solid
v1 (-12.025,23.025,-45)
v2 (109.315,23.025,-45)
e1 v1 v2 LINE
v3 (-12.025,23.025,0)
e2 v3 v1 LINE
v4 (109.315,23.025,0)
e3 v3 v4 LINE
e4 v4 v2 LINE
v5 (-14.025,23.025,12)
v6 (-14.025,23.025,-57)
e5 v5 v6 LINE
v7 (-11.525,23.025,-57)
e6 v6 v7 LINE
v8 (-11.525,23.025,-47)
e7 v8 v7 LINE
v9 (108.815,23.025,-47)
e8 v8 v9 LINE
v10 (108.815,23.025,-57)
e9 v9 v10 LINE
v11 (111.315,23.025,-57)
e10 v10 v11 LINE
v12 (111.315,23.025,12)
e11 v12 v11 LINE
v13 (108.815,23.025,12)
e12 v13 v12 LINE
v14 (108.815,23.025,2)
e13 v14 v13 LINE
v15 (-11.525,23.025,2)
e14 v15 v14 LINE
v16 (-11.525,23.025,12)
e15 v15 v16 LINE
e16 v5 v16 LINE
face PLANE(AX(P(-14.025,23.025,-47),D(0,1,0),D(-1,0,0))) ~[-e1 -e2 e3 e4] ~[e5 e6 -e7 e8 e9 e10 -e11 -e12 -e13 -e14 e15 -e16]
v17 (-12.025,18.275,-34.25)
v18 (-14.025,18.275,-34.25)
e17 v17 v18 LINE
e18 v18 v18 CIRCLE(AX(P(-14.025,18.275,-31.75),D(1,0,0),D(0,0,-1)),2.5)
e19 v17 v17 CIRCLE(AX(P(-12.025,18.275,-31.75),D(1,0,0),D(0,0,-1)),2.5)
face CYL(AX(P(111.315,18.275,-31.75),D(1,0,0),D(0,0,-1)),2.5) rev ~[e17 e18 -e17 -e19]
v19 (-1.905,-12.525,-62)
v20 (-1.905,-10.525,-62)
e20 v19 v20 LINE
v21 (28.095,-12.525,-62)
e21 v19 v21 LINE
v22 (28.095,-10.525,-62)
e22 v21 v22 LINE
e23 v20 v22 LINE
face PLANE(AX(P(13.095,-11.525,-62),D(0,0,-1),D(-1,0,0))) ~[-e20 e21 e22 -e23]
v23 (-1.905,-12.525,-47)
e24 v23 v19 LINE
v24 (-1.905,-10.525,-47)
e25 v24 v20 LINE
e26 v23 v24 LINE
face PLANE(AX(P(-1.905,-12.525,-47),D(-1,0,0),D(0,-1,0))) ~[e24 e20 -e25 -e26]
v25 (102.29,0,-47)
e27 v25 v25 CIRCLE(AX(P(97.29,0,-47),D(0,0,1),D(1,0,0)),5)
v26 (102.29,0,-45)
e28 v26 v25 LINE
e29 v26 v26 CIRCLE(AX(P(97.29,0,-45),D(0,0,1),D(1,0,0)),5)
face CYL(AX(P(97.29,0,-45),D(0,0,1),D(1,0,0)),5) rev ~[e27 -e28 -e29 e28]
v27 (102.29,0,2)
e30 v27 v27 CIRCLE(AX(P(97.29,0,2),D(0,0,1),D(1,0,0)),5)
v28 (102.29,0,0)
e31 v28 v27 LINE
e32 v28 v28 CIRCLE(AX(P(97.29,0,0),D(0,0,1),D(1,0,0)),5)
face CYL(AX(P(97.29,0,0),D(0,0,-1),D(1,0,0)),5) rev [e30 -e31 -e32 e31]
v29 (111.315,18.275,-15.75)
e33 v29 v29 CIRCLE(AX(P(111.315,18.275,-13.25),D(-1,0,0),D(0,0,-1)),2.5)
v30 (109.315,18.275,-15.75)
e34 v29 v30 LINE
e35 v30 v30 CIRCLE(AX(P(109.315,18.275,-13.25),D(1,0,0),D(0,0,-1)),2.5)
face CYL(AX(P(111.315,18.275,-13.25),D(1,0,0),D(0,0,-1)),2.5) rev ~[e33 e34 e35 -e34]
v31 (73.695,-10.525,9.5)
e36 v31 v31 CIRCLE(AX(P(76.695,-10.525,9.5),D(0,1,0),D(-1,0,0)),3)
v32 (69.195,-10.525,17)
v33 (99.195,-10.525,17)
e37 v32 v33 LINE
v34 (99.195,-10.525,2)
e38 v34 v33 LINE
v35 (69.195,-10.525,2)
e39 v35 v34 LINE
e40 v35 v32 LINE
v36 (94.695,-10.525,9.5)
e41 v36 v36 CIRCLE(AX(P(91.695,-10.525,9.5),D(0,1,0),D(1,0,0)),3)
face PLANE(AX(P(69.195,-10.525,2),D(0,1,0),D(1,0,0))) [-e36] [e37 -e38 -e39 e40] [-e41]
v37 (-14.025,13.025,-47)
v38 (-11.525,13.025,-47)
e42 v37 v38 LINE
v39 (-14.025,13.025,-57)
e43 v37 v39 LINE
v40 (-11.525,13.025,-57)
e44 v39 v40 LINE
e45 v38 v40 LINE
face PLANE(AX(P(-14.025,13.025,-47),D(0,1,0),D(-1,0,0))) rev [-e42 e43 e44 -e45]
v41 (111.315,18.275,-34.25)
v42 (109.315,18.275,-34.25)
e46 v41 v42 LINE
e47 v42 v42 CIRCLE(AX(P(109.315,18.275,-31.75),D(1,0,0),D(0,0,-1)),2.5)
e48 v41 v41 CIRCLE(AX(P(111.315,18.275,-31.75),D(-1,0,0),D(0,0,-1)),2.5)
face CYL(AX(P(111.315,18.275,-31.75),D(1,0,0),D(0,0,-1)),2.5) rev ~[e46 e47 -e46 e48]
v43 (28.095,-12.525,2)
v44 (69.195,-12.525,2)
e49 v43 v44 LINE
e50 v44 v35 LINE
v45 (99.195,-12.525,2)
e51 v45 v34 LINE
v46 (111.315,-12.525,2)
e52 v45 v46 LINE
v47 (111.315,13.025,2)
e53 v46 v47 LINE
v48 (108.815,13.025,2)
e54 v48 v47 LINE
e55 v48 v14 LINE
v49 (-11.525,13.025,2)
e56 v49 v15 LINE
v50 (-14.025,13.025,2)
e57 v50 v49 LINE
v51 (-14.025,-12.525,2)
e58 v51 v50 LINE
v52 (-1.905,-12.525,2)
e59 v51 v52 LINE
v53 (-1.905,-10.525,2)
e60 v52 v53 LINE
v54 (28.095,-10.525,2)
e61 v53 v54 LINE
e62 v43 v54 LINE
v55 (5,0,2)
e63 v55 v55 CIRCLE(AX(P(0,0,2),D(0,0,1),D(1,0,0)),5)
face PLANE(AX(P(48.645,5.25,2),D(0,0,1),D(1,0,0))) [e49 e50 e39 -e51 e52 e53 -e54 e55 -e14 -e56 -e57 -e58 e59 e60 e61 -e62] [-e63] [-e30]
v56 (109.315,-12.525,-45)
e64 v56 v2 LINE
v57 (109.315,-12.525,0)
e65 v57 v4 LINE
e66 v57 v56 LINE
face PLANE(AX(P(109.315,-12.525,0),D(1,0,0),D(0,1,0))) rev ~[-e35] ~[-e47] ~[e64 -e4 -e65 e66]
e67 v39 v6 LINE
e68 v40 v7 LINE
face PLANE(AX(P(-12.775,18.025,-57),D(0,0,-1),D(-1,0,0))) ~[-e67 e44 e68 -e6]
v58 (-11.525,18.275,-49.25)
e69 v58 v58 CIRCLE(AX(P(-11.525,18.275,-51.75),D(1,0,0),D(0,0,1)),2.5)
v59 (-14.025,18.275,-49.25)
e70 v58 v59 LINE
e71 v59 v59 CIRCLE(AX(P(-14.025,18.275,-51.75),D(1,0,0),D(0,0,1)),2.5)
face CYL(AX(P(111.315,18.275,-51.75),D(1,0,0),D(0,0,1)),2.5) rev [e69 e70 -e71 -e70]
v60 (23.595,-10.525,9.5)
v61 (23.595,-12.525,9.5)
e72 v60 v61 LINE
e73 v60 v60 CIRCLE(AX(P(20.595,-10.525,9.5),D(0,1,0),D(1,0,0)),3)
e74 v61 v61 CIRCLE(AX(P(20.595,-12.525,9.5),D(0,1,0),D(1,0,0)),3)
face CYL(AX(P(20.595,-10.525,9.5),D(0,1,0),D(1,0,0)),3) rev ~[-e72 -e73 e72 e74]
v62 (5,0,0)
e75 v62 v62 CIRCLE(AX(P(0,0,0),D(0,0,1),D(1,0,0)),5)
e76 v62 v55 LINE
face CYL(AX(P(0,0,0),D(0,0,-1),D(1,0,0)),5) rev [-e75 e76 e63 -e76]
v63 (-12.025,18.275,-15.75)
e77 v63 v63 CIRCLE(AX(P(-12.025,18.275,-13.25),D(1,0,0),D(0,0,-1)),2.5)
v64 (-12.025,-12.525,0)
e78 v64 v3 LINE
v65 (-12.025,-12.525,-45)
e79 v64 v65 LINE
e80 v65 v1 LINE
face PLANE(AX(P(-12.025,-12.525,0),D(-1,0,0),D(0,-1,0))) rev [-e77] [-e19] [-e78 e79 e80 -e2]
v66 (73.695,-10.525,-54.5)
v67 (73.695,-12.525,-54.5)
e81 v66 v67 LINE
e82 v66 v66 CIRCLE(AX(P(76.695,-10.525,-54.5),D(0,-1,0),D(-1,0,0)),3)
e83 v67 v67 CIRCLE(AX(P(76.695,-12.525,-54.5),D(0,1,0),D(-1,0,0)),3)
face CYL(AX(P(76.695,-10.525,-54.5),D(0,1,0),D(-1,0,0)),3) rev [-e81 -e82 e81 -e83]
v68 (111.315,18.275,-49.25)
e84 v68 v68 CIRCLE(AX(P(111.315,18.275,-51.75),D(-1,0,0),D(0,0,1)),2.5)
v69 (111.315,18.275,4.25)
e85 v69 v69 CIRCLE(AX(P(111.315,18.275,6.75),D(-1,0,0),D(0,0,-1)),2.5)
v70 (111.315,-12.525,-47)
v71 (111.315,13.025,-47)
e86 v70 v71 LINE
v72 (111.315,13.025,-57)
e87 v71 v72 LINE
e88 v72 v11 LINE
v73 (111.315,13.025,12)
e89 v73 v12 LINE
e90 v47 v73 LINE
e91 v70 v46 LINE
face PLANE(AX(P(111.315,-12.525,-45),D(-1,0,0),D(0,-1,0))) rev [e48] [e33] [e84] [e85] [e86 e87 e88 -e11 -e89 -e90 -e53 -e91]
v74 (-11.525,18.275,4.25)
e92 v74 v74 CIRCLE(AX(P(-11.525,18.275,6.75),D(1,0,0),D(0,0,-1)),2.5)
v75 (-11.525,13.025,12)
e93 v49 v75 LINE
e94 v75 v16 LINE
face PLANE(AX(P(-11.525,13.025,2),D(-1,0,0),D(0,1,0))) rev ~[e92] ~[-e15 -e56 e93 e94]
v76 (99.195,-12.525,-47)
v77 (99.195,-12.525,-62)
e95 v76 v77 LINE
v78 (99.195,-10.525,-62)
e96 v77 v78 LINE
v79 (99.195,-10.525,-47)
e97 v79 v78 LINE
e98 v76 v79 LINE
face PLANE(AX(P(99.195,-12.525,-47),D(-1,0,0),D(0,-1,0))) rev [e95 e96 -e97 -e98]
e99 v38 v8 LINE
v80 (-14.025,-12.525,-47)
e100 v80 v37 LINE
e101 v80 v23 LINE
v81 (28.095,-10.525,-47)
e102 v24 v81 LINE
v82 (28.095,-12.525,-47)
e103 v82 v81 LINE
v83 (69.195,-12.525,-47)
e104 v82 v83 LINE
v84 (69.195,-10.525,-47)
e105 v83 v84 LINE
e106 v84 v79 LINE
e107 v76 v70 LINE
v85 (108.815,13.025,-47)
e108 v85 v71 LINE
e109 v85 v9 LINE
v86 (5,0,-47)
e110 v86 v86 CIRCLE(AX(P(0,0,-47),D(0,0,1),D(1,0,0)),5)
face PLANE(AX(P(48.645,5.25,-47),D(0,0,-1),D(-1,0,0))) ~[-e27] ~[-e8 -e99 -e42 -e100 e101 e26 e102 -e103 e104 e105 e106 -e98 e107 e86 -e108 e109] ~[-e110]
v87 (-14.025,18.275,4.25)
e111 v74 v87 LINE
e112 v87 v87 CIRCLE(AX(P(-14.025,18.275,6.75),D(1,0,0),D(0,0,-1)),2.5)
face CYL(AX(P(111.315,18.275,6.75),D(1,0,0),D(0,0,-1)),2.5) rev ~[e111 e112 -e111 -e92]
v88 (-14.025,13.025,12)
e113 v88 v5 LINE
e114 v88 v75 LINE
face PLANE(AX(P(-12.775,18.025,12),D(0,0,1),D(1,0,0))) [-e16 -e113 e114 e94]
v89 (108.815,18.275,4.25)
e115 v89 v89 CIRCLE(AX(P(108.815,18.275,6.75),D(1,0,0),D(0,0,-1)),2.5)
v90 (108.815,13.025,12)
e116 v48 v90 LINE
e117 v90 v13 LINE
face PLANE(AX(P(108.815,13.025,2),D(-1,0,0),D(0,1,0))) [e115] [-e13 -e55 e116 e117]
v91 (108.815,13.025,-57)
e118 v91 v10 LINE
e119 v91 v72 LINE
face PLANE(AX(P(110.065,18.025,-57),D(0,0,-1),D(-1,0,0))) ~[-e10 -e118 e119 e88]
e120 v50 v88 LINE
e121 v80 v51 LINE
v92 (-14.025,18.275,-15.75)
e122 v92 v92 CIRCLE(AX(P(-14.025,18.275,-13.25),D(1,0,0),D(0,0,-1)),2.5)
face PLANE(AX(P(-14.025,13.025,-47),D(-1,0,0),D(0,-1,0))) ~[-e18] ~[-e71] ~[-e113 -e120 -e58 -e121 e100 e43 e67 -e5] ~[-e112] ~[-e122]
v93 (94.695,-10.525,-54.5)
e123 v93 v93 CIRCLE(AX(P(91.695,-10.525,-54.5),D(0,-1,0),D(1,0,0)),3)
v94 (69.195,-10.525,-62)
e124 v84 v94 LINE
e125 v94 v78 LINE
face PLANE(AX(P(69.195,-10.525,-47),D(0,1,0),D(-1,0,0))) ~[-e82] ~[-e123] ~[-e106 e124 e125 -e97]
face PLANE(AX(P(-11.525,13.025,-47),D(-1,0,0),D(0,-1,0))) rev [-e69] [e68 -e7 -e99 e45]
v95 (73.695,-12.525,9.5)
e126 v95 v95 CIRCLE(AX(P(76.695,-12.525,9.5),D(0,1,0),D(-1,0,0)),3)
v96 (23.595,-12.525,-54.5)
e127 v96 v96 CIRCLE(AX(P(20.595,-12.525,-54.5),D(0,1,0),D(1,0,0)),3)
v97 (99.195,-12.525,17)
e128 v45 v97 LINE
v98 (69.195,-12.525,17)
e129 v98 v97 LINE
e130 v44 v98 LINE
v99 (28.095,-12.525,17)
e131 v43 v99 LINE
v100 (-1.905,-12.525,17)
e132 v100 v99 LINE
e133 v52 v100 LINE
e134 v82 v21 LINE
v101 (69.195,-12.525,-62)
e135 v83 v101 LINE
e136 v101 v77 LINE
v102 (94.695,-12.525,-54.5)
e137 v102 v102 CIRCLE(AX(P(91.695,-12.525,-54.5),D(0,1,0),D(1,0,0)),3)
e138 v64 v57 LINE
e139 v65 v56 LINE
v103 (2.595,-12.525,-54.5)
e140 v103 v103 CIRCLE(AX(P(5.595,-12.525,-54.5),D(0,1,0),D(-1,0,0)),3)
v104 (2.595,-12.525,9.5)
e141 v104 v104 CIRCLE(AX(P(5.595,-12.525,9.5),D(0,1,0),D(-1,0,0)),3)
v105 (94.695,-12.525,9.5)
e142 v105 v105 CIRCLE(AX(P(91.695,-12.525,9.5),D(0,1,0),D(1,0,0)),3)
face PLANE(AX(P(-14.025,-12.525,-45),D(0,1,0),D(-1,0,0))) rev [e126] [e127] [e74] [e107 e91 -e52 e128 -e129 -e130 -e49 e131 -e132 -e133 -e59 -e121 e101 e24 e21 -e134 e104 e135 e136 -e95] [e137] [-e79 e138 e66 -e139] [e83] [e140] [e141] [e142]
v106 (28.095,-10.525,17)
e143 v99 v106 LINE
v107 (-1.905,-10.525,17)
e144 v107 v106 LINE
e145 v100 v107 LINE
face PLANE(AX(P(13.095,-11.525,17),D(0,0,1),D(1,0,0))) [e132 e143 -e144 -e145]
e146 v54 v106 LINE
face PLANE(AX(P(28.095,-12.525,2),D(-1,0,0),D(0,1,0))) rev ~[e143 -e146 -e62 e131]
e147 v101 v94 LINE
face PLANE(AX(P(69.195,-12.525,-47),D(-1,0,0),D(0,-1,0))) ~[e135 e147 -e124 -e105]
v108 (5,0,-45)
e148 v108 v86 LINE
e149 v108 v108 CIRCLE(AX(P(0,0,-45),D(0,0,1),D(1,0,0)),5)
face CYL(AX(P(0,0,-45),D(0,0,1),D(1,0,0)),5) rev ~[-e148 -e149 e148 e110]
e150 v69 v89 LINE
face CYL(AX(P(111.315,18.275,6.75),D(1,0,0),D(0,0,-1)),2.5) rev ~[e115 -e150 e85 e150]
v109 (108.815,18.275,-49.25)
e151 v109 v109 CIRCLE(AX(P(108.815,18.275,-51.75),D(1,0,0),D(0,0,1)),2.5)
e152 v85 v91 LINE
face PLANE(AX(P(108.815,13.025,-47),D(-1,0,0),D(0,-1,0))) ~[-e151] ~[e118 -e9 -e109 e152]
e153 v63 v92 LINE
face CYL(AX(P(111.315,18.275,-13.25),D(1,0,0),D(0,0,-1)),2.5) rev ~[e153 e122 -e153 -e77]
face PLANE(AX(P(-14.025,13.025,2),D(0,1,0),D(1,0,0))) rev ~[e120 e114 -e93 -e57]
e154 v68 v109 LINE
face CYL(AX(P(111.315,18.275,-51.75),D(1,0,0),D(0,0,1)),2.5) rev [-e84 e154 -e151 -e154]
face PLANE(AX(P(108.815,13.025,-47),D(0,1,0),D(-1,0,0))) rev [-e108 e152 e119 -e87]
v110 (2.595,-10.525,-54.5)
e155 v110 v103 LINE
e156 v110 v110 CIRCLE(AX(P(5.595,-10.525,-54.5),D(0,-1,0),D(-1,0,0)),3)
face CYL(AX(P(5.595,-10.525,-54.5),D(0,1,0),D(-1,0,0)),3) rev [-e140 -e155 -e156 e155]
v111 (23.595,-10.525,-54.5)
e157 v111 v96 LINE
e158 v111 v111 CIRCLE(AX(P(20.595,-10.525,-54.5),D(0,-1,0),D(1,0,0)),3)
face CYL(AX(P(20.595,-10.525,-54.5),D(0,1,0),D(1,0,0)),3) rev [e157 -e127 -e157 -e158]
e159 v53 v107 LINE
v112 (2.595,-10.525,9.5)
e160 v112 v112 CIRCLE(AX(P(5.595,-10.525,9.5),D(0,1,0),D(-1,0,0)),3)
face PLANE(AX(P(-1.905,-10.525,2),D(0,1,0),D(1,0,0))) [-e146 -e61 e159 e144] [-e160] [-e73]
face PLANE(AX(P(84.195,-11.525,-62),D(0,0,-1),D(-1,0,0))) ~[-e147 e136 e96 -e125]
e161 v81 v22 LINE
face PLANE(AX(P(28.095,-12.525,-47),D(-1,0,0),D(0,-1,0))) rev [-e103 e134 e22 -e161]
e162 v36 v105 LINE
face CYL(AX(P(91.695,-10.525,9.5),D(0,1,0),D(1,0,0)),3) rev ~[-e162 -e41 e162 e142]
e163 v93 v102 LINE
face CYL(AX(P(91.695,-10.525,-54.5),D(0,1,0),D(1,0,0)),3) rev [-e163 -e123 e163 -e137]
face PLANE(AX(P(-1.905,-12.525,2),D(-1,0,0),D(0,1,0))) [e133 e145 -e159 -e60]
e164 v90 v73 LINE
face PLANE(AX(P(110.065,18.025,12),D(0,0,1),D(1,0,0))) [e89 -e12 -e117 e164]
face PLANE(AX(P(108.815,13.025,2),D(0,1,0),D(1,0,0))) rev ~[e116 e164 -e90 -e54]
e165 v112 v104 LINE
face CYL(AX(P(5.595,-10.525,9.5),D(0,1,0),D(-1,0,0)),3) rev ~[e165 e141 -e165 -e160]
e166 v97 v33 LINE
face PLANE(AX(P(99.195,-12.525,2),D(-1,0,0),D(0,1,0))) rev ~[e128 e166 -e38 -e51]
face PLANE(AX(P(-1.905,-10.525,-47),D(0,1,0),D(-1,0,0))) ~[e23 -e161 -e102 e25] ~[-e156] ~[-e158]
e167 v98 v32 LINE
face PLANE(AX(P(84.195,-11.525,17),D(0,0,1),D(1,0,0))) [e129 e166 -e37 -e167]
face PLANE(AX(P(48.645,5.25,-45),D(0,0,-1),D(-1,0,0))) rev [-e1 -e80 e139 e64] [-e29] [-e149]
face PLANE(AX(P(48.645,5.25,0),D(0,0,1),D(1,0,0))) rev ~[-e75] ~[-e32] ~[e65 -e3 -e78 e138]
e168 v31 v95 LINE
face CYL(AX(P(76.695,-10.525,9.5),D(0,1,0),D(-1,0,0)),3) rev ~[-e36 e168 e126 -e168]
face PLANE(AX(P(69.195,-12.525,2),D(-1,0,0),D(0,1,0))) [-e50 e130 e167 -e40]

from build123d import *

# Parameters (mm, degrees)
SKETCH1_W           = 125.34
SKETCH1_H           = 35.55
SKETCH1_R           = 5
BOSS_EXTRUDE1_DEPTH = 2
SKETCH2_W           = 2
SKETCH2_H           = 35.55
BOSS_EXTRUDE2_DEPTH = 45
SKETCH4_W           = 30
SKETCH4_H           = 2
BOSS_EXTRUDE3_DEPTH = 15
SKETCH5_W           = 2.5
SKETCH5_H           = 10
BOSS_EXTRUDE4_DEPTH = 10
SKETCH3_R           = 2.5
CUT_EXTRUDE1_DEPTH  = 136.149051883
SKETCH6_R           = 3
CUT_EXTRUDE2_DEPTH  = 125.666080892


with BuildPart() as part:
    # Sketch1 → Boss-Extrude1 (new body)
    with BuildSketch(Plane.XY):
        with Locations((48.645, 5.25)):
            Rectangle(SKETCH1_W, SKETCH1_H)
        Circle(SKETCH1_R, mode=Mode.SUBTRACT)
        with Locations((97.29, 0)):
            Circle(SKETCH1_R, mode=Mode.SUBTRACT)
    boss_extrude1 = extrude(amount=BOSS_EXTRUDE1_DEPTH)

    # Sketch2 → Boss-Extrude2 (add)
    with BuildSketch(Plane(origin=(0, 0, 0), x_dir=(-1, 0, 0), z_dir=(0, 0, -1))):
        with Locations((-110.315, 5.25)):
            Rectangle(SKETCH2_W, SKETCH2_H)
    boss_extrude2 = extrude(amount=BOSS_EXTRUDE2_DEPTH)

    # Mirror1: Boss-Extrude2 across plane
    add(boss_extrude2.mirror(Plane(origin=(48.645, 0, 0), x_dir=(0, 0, 1), z_dir=(1, 0, 0))))

    # Sketch4 → Boss-Extrude3 (add)
    with BuildSketch(Plane.XY.offset(2)):
        with Locations((13.095, -11.525)):
            Rectangle(SKETCH4_W, SKETCH4_H)
        with Locations((84.195, -11.525)):
            Rectangle(SKETCH4_W, SKETCH4_H)
    boss_extrude3 = extrude(amount=BOSS_EXTRUDE3_DEPTH)

    # Sketch5 → Boss-Extrude4 (add)
    with BuildSketch(Plane.XY.offset(2)):
        with Locations((-12.775, 18.025)):
            Rectangle(SKETCH5_W, SKETCH5_H)
        with Locations((110.065, 18.025)):
            Rectangle(SKETCH5_W, SKETCH5_H)
    boss_extrude4 = extrude(amount=BOSS_EXTRUDE4_DEPTH)

    # Sketch3 → Cut-Extrude1 (cut, through all)
    with BuildSketch(Plane(origin=(111.315, 0, 0), x_dir=(0, 0, -1), z_dir=(1, 0, 0))):
        with Locations((13.25, 18.275)):
            Circle(SKETCH3_R)
        with Locations((31.75, 18.275)):
            Circle(SKETCH3_R)
        with Locations((-6.75, 18.275)):
            Circle(SKETCH3_R)
        with Locations((51.75, 18.275)):
            Circle(SKETCH3_R)
    cut_extrude1 = extrude(amount=-CUT_EXTRUDE1_DEPTH, mode=Mode.SUBTRACT)

    # Sketch6 → Cut-Extrude2 (cut, through all)
    with BuildSketch(Plane(origin=(0, -10.525, 0), x_dir=(1, 0, 0), z_dir=(0, 1, 0))):
        with Locations(Location((5.595, -9.5, 0), (0, 0, 180))):
            Circle(SKETCH6_R)
        with Locations((20.595, -9.5)):
            Circle(SKETCH6_R)
        with Locations((91.695, -9.5)):
            Circle(SKETCH6_R)
        with Locations(Location((76.695, -9.5, 0), (0, 0, 180))):
            Circle(SKETCH6_R)
    cut_extrude2 = extrude(amount=-CUT_EXTRUDE2_DEPTH, mode=Mode.SUBTRACT)

    # Mirror2: Boss-Extrude1, Boss-Extrude3, Boss-Extrude4, Cut-Extrude1, Cut-Extrude2 across plane
    add(boss_extrude1.mirror(Plane(origin=(0, 0, -22.5), x_dir=(1, 0, 0), z_dir=(0, 0, -1))))
    add(boss_extrude3.mirror(Plane(origin=(0, 0, -22.5), x_dir=(1, 0, 0), z_dir=(0, 0, -1))))
    add(boss_extrude4.mirror(Plane(origin=(0, 0, -22.5), x_dir=(1, 0, 0), z_dir=(0, 0, -1))))
    add(cut_extrude1.mirror(Plane(origin=(0, 0, -22.5), x_dir=(1, 0, 0), z_dir=(0, 0, -1))), mode=Mode.SUBTRACT)
    add(cut_extrude2.mirror(Plane(origin=(0, 0, -22.5), x_dir=(1, 0, 0), z_dir=(0, 0, -1))), mode=Mode.SUBTRACT)


solid = part.part
